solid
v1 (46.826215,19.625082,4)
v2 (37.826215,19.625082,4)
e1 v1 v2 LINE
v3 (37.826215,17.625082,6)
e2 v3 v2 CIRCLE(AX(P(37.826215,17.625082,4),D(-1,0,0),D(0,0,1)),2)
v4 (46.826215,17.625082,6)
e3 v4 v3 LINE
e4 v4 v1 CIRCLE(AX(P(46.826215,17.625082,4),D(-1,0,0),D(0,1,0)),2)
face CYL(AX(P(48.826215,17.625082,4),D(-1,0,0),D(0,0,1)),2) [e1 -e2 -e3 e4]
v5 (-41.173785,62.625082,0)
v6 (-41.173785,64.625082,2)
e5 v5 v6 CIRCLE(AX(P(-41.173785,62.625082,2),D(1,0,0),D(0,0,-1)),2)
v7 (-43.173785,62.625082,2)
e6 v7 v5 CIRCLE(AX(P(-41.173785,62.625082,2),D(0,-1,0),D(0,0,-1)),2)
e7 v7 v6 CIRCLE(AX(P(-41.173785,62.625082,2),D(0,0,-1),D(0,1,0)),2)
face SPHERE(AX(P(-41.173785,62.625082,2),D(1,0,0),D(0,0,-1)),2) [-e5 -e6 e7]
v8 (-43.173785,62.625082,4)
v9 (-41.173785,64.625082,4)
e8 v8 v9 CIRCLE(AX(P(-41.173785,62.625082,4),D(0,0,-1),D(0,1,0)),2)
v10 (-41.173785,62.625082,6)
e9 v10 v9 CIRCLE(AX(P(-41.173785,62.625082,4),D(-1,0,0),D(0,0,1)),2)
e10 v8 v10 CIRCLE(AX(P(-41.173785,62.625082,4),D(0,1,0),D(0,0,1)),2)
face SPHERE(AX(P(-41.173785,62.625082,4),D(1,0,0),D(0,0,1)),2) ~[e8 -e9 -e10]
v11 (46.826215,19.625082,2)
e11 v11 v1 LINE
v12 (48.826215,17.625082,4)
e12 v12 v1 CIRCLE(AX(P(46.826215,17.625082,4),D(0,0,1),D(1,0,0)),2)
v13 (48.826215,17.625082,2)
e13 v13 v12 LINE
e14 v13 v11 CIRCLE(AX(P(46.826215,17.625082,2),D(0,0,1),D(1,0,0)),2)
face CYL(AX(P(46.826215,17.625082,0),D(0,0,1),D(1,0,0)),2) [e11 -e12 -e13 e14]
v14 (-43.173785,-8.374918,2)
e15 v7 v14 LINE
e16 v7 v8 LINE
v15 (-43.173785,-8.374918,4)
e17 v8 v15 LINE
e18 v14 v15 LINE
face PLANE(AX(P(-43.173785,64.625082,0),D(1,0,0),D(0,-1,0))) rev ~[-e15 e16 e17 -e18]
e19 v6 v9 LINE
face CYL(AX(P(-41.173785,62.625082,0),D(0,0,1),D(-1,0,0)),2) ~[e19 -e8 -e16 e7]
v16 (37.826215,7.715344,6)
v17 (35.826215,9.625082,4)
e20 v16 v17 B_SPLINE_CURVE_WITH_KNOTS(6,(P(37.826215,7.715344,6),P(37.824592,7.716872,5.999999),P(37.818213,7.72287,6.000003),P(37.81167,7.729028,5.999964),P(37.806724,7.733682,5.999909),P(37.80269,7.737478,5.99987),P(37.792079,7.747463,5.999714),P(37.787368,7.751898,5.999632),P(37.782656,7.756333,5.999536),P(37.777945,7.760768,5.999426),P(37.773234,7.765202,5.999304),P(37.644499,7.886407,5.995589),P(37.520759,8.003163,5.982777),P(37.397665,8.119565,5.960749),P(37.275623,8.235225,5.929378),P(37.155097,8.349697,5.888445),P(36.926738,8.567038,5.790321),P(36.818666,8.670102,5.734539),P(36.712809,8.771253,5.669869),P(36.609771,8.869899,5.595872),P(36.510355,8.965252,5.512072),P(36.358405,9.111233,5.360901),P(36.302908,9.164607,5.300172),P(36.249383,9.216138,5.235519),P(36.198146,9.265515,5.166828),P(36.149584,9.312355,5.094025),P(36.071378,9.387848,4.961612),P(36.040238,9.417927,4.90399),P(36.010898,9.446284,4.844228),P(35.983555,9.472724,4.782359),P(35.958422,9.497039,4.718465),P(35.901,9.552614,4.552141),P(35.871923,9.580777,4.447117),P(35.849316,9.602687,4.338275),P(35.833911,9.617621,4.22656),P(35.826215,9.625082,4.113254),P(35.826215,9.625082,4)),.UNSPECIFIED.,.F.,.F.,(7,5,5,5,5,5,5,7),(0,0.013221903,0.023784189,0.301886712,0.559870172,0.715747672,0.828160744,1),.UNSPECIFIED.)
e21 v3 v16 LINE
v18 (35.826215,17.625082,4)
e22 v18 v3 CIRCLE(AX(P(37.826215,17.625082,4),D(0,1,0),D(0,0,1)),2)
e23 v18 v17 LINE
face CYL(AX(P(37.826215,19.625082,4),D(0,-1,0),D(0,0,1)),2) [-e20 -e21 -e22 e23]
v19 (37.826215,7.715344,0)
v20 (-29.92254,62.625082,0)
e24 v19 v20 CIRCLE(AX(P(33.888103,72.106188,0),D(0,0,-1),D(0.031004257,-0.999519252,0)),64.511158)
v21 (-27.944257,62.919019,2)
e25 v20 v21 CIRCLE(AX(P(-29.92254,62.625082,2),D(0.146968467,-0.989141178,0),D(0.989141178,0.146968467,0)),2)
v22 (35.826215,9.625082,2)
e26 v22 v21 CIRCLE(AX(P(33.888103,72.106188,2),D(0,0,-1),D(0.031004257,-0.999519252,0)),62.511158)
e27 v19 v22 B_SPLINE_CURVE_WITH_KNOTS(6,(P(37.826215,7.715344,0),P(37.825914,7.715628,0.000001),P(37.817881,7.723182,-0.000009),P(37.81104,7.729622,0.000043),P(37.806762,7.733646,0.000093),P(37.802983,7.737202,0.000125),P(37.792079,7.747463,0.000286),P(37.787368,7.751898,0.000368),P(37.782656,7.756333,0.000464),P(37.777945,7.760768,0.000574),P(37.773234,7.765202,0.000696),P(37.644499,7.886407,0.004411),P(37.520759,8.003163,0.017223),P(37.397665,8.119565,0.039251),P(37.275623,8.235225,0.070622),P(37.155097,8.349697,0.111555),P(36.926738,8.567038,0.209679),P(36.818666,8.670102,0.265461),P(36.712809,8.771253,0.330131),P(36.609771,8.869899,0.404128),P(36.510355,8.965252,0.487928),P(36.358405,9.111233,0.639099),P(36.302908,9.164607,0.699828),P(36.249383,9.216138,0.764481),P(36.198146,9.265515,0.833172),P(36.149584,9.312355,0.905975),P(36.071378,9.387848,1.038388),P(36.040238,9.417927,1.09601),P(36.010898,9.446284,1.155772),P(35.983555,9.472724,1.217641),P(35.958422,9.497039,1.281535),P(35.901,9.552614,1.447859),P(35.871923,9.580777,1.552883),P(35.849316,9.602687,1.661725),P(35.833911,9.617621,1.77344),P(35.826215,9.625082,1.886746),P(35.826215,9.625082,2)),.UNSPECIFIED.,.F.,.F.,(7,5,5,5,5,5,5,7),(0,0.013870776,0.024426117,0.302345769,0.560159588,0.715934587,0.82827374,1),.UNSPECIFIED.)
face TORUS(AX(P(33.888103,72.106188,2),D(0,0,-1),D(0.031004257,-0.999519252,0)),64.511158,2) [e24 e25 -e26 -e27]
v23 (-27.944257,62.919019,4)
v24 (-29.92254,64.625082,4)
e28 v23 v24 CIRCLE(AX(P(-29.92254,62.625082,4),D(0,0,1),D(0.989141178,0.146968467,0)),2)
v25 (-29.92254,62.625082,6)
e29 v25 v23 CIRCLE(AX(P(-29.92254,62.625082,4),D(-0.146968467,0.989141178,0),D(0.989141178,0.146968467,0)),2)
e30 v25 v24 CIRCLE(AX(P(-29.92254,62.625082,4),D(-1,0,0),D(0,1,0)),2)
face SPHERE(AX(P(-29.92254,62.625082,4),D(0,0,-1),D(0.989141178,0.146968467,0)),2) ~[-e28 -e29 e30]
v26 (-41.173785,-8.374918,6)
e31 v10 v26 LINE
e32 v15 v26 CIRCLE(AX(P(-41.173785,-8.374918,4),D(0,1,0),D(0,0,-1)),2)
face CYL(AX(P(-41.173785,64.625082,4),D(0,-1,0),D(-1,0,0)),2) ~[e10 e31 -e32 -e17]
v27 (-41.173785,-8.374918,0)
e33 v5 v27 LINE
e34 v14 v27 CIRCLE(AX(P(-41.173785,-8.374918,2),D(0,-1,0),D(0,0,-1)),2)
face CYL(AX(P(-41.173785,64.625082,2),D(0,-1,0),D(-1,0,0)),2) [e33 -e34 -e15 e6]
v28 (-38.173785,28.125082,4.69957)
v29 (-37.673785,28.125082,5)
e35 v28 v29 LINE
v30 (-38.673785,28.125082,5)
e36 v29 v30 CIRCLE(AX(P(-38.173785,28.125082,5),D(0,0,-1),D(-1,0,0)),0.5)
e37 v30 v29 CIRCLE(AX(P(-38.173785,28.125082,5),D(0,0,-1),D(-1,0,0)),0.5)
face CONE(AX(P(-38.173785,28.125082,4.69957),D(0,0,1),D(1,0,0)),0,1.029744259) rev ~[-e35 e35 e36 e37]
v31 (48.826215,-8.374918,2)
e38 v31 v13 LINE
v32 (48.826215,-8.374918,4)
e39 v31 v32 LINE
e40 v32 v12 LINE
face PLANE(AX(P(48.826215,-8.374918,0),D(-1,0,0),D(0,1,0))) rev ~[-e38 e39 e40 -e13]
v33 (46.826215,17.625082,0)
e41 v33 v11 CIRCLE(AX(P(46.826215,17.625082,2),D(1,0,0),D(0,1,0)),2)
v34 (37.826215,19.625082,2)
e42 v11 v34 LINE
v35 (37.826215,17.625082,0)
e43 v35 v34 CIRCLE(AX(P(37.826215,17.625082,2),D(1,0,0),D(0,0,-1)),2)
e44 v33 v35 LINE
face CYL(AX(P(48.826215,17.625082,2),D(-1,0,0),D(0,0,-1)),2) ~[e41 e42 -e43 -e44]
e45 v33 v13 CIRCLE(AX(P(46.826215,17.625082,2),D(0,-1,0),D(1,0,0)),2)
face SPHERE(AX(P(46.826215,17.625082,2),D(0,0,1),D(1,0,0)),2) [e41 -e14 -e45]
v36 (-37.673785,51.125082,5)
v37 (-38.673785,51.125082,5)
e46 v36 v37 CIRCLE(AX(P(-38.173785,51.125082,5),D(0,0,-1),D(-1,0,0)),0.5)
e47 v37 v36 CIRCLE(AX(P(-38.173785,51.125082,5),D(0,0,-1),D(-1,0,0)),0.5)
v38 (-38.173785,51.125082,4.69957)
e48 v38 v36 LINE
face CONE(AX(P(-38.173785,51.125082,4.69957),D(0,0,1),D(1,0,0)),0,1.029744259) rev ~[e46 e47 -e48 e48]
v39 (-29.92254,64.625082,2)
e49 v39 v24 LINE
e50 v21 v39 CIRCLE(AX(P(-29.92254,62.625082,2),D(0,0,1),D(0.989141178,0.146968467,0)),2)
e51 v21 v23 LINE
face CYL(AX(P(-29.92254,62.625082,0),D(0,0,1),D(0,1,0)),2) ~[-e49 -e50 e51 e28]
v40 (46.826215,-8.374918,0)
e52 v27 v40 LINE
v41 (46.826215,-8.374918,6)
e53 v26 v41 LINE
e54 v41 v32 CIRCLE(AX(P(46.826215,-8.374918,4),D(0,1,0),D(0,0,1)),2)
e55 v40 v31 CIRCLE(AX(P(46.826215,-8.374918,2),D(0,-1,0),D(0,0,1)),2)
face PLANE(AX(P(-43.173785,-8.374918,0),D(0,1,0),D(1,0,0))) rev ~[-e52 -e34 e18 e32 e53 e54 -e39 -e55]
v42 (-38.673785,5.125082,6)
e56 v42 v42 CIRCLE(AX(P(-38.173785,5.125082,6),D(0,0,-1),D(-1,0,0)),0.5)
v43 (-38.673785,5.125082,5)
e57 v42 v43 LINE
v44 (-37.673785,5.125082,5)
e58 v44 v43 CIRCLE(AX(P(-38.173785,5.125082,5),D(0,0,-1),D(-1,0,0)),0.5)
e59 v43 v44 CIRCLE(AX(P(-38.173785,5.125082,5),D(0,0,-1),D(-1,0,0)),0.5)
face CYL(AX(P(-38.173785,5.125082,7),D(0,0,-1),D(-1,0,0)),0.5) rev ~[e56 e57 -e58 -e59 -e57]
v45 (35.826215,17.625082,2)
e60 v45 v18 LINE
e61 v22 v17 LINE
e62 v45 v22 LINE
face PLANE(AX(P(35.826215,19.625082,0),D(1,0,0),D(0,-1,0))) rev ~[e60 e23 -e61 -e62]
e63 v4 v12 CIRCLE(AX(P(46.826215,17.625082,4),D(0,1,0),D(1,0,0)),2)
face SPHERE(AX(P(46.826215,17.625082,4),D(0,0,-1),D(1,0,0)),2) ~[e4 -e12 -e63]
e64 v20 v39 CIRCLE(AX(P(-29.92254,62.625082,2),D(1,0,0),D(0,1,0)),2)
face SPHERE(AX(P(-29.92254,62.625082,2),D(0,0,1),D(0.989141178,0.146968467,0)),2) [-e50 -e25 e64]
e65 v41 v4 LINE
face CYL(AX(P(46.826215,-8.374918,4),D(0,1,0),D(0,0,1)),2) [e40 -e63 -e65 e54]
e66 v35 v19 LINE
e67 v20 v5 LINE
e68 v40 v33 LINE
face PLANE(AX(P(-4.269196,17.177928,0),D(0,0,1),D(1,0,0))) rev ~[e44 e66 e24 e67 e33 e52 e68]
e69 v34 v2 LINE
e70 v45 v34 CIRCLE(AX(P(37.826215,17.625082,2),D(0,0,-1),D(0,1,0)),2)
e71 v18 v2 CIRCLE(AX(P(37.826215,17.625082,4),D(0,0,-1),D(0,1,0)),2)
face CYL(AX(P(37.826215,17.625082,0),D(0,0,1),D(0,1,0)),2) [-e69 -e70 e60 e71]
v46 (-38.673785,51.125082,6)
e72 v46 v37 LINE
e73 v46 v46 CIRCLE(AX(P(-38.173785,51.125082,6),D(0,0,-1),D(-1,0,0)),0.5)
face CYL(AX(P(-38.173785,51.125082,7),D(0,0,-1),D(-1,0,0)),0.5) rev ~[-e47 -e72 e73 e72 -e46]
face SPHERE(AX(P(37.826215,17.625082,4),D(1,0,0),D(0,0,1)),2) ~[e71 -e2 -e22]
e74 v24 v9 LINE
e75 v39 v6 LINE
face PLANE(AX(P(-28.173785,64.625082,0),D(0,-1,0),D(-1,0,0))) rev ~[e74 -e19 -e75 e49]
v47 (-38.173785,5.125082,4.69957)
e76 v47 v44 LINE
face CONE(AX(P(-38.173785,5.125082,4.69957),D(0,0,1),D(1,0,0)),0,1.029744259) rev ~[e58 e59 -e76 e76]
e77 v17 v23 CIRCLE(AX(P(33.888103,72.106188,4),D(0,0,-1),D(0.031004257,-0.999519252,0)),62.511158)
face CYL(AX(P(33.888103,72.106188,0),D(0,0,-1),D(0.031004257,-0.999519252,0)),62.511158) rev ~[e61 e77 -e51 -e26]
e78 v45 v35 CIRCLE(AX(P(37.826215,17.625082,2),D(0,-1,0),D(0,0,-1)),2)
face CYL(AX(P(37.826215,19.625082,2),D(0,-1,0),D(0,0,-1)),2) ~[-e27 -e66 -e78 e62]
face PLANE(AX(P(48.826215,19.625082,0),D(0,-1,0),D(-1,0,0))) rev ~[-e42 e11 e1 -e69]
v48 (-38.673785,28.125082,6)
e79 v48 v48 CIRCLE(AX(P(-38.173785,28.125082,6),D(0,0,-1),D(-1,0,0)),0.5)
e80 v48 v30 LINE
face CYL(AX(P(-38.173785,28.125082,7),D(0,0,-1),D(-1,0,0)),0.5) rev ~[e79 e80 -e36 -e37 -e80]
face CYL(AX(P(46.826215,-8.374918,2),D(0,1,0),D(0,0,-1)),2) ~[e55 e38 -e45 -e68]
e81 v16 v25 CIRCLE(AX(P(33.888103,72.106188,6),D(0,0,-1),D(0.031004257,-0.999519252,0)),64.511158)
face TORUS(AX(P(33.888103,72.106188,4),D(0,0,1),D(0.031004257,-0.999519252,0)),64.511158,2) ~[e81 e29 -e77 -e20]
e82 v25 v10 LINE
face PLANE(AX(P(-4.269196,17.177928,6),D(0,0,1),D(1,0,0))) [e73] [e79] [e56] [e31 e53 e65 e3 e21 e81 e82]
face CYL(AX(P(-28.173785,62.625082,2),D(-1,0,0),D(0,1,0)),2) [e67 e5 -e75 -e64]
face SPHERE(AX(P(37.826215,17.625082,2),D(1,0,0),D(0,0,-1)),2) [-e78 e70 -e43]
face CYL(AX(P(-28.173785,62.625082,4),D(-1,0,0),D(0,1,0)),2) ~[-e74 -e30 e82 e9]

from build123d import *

# Parameters (mm, degrees)
F1_DEPTH = 6
F3_D     = 1
F3_DEPTH = 1
F3_TIP   = 0.3004303095
F4_R     = 2


with BuildPart() as f1:
    # F0 (on Top) → F1 (new body)
    with BuildSketch(Plane.XY):
        with BuildLine():
            Line((-43.1737847788, 64.6250816927), (-43.1737847788, -8.3749183073))
            Line((-43.1737847788, -8.3749183073), (48.8262152212, -8.3749183073))
            Line((48.8262152212, -8.3749183073), (48.8262152212, 19.6250816927))
            Line((48.8262152212, 19.6250816927), (35.8262152212, 19.6250816927))
            Line((35.8262152212, 19.6250816927), (35.8262152212, 9.6250816927))
            ThreePointArc((35.8262152212, 9.6250816927), (-6.8545907303, 24.6965074946), (-28.1737847788, 64.6250816927))
            Line((-28.1737847788, 64.6250816927), (-43.1737847788, 64.6250816927))
        make_face()
    extrude(amount=F1_DEPTH)

    # F3
    with Locations(Plane.XY.offset(6)):
        with Locations((-38.1737847788, 51.1250816927), (-38.1737847788, 28.1250816927), (-38.1737847788, 5.1250816927)):
            Hole(F3_D / 2, depth=F3_DEPTH)
            with Locations((0, 0, -(F3_DEPTH + F3_TIP / 2))):  # 118° drill point
                Cone(0, F3_D / 2, F3_TIP, mode=Mode.SUBTRACT)

    # F4
    f4_edges = [f1.edges().sort_by_distance(p)[0] for p in [
        (48.826215, 19.625082, 3),
        (48.826215, 5.625082, 0),
        (48.826215, 5.625082, 6),
        (42.326215, 19.625082, 6),
        (42.326215, 19.625082, 0),
        (35.826215, 14.625082, 6),
        (-6.854591, 24.696507, 6),
        (35.826215, 14.625082, 0),
        (-6.854591, 24.696507, 0),
        (-35.673785, 64.625082, 0),
        (-35.673785, 64.625082, 6),
        (-43.173785, 28.125082, 0),
        (-43.173785, 28.125082, 6),
        (35.826215, 19.625082, 3),
        (-28.173785, 64.625082, 3),
        (-43.173785, 64.625082, 3),
    ]]
    fillet(f4_edges, radius=F4_R)


solid = f1.part
